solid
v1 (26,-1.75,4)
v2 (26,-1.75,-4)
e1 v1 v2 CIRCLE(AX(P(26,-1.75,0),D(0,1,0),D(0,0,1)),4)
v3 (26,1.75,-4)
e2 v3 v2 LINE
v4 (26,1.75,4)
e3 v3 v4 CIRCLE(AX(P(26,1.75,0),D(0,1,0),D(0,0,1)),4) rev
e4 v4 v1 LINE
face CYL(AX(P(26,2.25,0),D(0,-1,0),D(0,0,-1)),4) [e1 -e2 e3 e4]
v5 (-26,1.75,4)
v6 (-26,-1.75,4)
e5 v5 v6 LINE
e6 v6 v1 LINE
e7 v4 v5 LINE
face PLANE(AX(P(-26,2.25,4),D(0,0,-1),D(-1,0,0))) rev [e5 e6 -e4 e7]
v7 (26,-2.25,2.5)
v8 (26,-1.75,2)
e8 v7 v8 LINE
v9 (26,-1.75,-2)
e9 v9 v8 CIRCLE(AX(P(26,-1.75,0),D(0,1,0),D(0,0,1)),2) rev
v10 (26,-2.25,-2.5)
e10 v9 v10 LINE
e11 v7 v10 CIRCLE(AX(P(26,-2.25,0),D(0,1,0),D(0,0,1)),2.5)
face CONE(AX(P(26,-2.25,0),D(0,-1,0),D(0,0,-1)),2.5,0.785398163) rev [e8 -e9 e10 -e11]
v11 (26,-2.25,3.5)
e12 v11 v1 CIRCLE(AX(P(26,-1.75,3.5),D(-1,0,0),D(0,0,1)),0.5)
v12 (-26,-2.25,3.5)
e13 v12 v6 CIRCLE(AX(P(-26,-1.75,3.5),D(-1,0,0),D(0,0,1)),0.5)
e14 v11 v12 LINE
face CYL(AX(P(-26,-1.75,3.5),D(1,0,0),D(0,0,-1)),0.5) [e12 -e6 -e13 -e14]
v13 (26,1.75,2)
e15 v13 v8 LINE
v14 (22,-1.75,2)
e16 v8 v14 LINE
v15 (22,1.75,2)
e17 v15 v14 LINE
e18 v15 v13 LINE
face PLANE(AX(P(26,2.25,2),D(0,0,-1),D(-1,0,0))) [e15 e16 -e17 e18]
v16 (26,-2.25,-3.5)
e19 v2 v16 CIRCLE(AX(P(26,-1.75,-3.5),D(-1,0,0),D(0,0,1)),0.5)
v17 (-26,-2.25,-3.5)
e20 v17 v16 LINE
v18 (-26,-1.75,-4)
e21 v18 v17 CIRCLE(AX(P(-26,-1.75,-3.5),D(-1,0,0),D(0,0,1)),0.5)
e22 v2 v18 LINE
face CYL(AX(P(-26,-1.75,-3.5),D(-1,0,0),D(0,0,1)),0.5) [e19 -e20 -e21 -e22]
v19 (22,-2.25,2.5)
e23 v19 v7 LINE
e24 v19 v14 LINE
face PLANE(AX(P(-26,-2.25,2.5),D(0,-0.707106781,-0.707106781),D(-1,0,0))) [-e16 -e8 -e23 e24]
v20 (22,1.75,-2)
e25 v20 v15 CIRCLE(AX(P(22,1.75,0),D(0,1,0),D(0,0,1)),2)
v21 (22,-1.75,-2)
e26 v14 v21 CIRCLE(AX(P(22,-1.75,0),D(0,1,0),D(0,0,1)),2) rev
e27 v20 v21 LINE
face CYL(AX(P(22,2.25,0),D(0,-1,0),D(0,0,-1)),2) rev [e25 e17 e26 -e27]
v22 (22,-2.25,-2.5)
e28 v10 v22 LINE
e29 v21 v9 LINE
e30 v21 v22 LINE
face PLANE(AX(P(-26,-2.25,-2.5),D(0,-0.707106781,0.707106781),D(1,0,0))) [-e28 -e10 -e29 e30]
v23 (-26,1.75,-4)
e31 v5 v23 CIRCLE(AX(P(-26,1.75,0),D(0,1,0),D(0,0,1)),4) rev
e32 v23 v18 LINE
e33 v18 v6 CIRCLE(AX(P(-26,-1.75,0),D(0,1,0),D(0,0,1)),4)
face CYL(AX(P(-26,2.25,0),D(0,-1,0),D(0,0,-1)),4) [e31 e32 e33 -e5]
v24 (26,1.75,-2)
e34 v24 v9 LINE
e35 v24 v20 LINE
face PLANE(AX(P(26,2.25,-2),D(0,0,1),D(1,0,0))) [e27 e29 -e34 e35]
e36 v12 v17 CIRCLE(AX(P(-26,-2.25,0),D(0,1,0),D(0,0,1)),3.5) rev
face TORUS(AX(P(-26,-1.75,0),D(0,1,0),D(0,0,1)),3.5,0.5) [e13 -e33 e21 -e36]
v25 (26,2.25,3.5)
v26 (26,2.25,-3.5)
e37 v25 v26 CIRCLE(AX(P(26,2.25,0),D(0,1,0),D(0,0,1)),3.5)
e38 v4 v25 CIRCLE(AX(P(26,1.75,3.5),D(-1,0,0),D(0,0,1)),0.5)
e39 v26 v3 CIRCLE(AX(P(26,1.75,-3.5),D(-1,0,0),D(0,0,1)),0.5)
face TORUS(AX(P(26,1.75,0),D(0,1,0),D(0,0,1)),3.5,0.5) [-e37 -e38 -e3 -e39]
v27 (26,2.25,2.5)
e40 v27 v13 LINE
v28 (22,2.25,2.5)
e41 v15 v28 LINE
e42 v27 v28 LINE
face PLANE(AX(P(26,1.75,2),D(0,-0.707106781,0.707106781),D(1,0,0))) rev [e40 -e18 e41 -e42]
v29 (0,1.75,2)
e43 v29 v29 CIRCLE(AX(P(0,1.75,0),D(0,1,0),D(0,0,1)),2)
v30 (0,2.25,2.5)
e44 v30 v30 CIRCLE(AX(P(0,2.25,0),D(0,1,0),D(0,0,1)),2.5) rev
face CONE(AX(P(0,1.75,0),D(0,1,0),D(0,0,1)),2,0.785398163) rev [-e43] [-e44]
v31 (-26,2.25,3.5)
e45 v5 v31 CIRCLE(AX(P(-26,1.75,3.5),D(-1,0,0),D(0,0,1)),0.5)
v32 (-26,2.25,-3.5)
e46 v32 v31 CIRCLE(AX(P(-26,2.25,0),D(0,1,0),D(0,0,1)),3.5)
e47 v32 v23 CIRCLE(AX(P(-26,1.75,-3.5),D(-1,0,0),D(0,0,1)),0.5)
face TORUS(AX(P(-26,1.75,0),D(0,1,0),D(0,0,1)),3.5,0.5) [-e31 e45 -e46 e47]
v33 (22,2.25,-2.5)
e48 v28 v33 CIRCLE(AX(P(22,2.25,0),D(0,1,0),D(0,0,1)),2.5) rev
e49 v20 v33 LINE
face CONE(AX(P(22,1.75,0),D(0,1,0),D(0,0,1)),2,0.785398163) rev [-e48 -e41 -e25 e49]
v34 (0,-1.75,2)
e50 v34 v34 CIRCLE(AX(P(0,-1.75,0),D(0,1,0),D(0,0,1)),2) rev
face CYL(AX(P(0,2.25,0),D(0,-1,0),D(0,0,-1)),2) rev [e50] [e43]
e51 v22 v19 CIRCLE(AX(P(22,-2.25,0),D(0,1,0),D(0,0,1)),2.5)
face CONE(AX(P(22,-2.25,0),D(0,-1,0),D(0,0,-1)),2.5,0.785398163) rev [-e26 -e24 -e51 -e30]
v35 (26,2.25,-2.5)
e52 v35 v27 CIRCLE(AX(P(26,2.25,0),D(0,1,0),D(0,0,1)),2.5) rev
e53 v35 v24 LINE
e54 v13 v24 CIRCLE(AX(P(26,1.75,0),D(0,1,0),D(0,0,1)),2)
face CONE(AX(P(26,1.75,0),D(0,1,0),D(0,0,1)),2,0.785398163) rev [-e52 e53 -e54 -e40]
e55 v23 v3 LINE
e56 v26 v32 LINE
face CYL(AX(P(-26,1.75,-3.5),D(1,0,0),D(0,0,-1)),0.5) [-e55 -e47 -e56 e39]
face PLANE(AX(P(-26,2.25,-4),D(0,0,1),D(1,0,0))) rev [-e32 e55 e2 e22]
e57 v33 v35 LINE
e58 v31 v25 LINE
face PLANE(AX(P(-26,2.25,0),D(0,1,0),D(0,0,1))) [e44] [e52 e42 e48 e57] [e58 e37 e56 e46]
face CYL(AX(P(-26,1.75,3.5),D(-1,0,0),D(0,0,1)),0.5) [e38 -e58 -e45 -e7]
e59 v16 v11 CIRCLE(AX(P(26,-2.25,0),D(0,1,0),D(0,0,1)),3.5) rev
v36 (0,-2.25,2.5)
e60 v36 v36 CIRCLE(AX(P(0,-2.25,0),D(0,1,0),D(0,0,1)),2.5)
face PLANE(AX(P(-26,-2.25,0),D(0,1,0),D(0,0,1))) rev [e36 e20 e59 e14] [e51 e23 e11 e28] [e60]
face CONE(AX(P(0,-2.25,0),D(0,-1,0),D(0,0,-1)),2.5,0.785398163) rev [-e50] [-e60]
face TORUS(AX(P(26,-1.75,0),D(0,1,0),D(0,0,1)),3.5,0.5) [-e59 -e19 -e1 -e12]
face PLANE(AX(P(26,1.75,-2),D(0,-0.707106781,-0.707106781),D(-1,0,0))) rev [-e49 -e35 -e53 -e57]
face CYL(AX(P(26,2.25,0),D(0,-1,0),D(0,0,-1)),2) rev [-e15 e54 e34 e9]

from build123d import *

# Parameters (mm, degrees)
ESBO_O1_R                = 2
RESSALTO_EXTRUS_O1_DEPTH = 2.25
CHANFRO1_SIZE            = 0.5
FILETE1_R                = 0.5


with BuildPart() as part:
    # Esboço1 → Ressalto-extrusão1 (new, symmetric)
    with BuildSketch(Plane(origin=(0, 0, 0), x_dir=(1, 0, 0), z_dir=(0, 1, 0))):
        with BuildLine():
            Line((-26, 4), (26, 4))
            ThreePointArc((26, 4), (30, 0), (26, -4))
            Line((26, -4), (-26, -4))
            ThreePointArc((-26, -4), (-30, 0), (-26, 4))
        make_face()
        with Locations(Location((0, 0, 0), (0, 0, 270))):
            Circle(ESBO_O1_R, mode=Mode.SUBTRACT)
        with BuildLine():
            Line((26, -2), (22, -2))
            ThreePointArc((22, -2), (20, 0), (22, 2))
            Line((22, 2), (26, 2))
            ThreePointArc((26, 2), (28, 0), (26, -2))
        make_face(mode=Mode.SUBTRACT)
    extrude(amount=RESSALTO_EXTRUS_O1_DEPTH, both=True)

    # Chanfro1
    chanfro1_edges = [part.edges().sort_by_distance(p)[0] for p in [
        (0, -2.25, -2),
        (0, 2.25, -2),
        (28, -2.25, 0),
        (24, -2.25, -2),
        (20, -2.25, 0),
        (24, -2.25, 2),
        (28, 2.25, 0),
        (24, 2.25, -2),
        (20, 2.25, 0),
        (24, 2.25, 2),
    ]]
    chamfer(chanfro1_edges, length=CHANFRO1_SIZE)

    # Filete1
    filete1_edges = [part.edges().sort_by_distance(p)[0] for p in [
        (30, 2.25, 0),
        (0, 2.25, -4),
        (-30, 2.25, 0),
        (0, -2.25, -4),
        (30, -2.25, 0),
        (0, -2.25, 4),
        (-30, -2.25, 0),
        (0, 2.25, 4),
    ]]
    fillet(filete1_edges, radius=FILETE1_R)


solid = part.part
